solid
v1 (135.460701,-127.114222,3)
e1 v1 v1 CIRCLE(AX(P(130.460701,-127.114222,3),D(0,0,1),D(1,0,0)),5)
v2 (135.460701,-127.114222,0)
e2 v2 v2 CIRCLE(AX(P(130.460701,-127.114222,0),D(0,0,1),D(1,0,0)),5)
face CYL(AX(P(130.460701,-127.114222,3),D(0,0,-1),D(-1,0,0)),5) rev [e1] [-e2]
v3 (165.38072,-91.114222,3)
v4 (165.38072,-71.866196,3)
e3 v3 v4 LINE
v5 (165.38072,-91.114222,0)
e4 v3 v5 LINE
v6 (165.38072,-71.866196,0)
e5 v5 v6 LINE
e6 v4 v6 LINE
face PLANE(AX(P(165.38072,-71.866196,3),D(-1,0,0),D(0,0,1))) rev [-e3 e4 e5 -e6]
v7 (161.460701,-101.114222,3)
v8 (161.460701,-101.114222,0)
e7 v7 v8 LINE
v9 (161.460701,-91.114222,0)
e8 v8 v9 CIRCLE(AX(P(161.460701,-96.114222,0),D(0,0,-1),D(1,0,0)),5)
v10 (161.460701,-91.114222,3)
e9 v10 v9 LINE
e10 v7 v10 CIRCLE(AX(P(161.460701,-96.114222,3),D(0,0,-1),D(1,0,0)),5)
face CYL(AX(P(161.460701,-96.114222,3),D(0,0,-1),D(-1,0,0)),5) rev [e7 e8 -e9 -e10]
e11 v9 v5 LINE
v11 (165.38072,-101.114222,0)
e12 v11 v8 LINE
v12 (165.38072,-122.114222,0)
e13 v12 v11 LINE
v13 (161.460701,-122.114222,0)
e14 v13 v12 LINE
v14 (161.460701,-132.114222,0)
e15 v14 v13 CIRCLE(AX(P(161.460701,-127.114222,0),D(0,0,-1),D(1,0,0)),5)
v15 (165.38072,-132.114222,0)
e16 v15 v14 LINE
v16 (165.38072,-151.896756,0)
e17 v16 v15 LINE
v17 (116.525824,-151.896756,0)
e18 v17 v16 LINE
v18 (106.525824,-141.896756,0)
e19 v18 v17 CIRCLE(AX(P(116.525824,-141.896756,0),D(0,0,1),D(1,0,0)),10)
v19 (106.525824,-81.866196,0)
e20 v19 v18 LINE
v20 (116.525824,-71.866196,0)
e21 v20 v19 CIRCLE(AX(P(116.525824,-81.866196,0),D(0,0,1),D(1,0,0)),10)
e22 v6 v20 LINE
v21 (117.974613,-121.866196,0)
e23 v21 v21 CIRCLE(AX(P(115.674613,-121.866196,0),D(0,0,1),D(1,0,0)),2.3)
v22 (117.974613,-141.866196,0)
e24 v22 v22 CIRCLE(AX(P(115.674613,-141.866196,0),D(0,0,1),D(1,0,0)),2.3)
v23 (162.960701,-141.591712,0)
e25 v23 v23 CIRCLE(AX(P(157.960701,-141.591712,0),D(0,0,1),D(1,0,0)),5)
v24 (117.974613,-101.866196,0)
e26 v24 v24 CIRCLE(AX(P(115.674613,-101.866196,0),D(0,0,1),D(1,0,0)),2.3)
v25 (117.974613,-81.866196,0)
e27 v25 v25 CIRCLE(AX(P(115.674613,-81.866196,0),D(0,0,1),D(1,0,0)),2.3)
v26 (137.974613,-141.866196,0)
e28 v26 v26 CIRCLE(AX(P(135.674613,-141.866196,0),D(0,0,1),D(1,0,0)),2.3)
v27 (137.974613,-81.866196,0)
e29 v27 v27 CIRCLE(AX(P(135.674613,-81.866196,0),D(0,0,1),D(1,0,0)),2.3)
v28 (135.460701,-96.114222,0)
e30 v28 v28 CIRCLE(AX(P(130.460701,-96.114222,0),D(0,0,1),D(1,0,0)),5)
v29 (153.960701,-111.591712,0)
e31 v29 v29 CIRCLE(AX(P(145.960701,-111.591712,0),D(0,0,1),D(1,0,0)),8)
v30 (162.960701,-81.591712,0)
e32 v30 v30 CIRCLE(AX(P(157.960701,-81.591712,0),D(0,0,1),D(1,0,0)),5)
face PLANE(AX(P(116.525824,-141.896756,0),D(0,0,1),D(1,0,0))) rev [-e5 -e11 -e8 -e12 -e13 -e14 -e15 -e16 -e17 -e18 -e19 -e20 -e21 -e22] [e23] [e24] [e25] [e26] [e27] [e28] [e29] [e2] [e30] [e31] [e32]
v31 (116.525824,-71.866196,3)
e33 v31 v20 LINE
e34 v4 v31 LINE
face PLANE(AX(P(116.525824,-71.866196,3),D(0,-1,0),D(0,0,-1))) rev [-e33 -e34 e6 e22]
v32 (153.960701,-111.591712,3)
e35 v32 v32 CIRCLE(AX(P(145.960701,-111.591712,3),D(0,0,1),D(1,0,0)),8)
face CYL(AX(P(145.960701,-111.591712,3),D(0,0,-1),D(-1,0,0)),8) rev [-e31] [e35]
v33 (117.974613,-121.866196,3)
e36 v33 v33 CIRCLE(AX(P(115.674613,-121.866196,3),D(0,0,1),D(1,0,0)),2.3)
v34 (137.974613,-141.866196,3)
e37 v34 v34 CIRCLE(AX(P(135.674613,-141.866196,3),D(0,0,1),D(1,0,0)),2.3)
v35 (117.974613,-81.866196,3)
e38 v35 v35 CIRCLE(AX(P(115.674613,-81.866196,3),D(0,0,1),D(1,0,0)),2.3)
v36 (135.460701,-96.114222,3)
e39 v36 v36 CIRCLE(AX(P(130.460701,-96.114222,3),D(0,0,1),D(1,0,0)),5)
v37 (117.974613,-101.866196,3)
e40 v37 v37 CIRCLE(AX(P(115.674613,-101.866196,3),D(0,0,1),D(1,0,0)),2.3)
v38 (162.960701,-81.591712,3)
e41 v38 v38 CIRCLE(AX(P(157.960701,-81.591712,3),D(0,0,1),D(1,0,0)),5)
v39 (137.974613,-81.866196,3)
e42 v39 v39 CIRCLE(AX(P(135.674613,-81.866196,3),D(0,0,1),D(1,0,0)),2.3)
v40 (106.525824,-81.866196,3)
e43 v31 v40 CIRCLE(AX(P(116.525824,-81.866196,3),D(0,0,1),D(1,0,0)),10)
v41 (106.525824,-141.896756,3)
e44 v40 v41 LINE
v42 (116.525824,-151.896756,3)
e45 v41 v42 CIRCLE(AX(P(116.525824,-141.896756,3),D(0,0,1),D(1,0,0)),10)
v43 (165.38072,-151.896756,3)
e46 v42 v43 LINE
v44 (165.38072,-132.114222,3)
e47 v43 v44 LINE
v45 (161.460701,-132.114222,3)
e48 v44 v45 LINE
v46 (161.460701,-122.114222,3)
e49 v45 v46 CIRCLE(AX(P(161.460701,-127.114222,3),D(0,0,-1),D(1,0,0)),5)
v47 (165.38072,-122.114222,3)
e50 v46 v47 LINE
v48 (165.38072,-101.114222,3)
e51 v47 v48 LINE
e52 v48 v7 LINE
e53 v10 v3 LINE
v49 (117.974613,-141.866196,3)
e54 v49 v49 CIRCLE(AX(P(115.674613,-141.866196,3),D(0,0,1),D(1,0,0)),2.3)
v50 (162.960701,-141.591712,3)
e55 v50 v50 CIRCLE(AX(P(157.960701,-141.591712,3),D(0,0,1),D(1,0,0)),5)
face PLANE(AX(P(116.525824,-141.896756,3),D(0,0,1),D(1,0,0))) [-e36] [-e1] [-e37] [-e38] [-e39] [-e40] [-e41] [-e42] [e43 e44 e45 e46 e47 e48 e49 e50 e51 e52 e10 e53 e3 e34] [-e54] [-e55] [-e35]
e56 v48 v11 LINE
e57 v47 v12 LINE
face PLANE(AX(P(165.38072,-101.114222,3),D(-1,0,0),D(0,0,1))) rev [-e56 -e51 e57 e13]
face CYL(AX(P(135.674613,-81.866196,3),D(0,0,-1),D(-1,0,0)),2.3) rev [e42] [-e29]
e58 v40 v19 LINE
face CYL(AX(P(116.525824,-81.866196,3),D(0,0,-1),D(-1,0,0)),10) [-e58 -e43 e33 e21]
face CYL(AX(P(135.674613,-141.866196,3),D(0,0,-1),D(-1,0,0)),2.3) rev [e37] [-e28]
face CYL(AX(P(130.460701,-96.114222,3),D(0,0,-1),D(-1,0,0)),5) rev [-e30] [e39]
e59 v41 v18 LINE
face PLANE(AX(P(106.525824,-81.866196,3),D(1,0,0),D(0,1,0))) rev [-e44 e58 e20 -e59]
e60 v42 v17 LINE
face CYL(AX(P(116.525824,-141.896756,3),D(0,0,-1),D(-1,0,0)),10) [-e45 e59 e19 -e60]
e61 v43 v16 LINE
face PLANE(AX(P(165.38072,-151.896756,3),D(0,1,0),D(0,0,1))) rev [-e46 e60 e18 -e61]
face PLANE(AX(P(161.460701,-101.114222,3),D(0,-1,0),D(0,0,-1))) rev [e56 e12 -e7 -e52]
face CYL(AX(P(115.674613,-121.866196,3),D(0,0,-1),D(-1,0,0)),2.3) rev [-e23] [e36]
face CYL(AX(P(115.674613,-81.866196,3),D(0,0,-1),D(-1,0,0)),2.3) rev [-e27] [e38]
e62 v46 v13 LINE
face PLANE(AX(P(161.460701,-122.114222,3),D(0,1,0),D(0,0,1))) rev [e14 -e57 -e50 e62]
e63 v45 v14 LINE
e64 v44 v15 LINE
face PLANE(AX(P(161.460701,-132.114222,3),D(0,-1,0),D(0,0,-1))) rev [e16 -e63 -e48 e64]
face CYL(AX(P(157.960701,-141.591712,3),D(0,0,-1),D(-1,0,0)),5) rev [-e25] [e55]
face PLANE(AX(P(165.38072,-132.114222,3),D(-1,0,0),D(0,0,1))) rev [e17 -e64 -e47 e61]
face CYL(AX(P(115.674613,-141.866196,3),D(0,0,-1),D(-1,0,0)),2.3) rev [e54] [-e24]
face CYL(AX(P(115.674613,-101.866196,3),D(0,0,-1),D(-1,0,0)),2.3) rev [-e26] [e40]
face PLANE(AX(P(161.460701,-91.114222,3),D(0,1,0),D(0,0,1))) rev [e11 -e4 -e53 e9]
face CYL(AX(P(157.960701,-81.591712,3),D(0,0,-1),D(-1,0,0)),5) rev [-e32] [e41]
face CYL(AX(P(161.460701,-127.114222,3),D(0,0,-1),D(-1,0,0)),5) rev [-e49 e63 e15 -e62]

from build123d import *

# Parameters (mm, degrees)
SKETCH1_R           = 2.3
SKETCH1_R_2         = 5
SKETCH1_R_3         = 8
BOSS_EXTRUDE1_DEPTH = 3


with BuildPart() as part:
    # Sketch1 → Boss-Extrude1 (new body)
    with BuildSketch(Plane.XY):
        with BuildLine():
            Line((157.960700719, -71.866196008), (165.380720324, -71.866196008))
            Line((165.380720324, -71.866196008), (165.380720324, -91.114221831))
            Line((165.380720324, -91.114221831), (161.460700719, -91.114221831))
            ThreePointArc((161.460700719, -91.114221831), (156.460700719, -96.114221831), (161.460700719, -101.114221831))
            Line((161.460700719, -101.114221831), (165.380720324, -101.114221831))
            Line((165.380720324, -101.114221831), (165.380720324, -122.114221831))
            Line((165.380720324, -122.114221831), (161.460700719, -122.114221831))
            ThreePointArc((161.460700719, -122.114221831), (156.460700719, -127.114221831), (161.460700719, -132.114221831))
            Line((161.460700719, -132.114221831), (165.380720324, -132.114221831))
            Line((165.380720324, -132.114221831), (165.380720324, -151.896756479))
            Line((165.380720324, -151.896756479), (157.960700719, -151.896756479))
            Line((157.960700719, -151.896756479), (116.525823666, -151.896756479))
            ThreePointArc((116.525823666, -151.896756479), (109.454755854, -148.967824291), (106.525823666, -141.896756479))
            Line((106.525823666, -141.896756479), (106.525823666, -81.866196008))
            ThreePointArc((106.525823666, -81.866196008), (109.454755854, -74.795128196), (116.525823666, -71.866196008))
            Line((116.525823666, -71.866196008), (157.960700719, -71.866196008))
        make_face()
        with Locations((115.674612816, -101.866196008)):
            Circle(SKETCH1_R, mode=Mode.SUBTRACT)
        with Locations((115.674612816, -121.866196008)):
            Circle(SKETCH1_R, mode=Mode.SUBTRACT)
        with Locations((135.674612816, -141.866196008)):
            Circle(SKETCH1_R, mode=Mode.SUBTRACT)
        with Locations((135.674612816, -81.866196008)):
            Circle(SKETCH1_R, mode=Mode.SUBTRACT)
        with Locations((115.674612816, -81.866196008)):
            Circle(SKETCH1_R, mode=Mode.SUBTRACT)
        with Locations((115.674612816, -141.866196008)):
            Circle(SKETCH1_R, mode=Mode.SUBTRACT)
        with Locations((130.460700719, -96.114221831)):
            Circle(SKETCH1_R_2, mode=Mode.SUBTRACT)
        with Locations((145.960700719, -111.591712302)):
            Circle(SKETCH1_R_3, mode=Mode.SUBTRACT)
        with Locations((130.460700719, -127.114221831)):
            Circle(SKETCH1_R_2, mode=Mode.SUBTRACT)
        with Locations((157.960700719, -81.591712302)):
            Circle(SKETCH1_R_2, mode=Mode.SUBTRACT)
        with Locations((157.960700719, -141.591712302)):
            Circle(SKETCH1_R_2, mode=Mode.SUBTRACT)
    extrude(amount=BOSS_EXTRUDE1_DEPTH)


solid = part.part
